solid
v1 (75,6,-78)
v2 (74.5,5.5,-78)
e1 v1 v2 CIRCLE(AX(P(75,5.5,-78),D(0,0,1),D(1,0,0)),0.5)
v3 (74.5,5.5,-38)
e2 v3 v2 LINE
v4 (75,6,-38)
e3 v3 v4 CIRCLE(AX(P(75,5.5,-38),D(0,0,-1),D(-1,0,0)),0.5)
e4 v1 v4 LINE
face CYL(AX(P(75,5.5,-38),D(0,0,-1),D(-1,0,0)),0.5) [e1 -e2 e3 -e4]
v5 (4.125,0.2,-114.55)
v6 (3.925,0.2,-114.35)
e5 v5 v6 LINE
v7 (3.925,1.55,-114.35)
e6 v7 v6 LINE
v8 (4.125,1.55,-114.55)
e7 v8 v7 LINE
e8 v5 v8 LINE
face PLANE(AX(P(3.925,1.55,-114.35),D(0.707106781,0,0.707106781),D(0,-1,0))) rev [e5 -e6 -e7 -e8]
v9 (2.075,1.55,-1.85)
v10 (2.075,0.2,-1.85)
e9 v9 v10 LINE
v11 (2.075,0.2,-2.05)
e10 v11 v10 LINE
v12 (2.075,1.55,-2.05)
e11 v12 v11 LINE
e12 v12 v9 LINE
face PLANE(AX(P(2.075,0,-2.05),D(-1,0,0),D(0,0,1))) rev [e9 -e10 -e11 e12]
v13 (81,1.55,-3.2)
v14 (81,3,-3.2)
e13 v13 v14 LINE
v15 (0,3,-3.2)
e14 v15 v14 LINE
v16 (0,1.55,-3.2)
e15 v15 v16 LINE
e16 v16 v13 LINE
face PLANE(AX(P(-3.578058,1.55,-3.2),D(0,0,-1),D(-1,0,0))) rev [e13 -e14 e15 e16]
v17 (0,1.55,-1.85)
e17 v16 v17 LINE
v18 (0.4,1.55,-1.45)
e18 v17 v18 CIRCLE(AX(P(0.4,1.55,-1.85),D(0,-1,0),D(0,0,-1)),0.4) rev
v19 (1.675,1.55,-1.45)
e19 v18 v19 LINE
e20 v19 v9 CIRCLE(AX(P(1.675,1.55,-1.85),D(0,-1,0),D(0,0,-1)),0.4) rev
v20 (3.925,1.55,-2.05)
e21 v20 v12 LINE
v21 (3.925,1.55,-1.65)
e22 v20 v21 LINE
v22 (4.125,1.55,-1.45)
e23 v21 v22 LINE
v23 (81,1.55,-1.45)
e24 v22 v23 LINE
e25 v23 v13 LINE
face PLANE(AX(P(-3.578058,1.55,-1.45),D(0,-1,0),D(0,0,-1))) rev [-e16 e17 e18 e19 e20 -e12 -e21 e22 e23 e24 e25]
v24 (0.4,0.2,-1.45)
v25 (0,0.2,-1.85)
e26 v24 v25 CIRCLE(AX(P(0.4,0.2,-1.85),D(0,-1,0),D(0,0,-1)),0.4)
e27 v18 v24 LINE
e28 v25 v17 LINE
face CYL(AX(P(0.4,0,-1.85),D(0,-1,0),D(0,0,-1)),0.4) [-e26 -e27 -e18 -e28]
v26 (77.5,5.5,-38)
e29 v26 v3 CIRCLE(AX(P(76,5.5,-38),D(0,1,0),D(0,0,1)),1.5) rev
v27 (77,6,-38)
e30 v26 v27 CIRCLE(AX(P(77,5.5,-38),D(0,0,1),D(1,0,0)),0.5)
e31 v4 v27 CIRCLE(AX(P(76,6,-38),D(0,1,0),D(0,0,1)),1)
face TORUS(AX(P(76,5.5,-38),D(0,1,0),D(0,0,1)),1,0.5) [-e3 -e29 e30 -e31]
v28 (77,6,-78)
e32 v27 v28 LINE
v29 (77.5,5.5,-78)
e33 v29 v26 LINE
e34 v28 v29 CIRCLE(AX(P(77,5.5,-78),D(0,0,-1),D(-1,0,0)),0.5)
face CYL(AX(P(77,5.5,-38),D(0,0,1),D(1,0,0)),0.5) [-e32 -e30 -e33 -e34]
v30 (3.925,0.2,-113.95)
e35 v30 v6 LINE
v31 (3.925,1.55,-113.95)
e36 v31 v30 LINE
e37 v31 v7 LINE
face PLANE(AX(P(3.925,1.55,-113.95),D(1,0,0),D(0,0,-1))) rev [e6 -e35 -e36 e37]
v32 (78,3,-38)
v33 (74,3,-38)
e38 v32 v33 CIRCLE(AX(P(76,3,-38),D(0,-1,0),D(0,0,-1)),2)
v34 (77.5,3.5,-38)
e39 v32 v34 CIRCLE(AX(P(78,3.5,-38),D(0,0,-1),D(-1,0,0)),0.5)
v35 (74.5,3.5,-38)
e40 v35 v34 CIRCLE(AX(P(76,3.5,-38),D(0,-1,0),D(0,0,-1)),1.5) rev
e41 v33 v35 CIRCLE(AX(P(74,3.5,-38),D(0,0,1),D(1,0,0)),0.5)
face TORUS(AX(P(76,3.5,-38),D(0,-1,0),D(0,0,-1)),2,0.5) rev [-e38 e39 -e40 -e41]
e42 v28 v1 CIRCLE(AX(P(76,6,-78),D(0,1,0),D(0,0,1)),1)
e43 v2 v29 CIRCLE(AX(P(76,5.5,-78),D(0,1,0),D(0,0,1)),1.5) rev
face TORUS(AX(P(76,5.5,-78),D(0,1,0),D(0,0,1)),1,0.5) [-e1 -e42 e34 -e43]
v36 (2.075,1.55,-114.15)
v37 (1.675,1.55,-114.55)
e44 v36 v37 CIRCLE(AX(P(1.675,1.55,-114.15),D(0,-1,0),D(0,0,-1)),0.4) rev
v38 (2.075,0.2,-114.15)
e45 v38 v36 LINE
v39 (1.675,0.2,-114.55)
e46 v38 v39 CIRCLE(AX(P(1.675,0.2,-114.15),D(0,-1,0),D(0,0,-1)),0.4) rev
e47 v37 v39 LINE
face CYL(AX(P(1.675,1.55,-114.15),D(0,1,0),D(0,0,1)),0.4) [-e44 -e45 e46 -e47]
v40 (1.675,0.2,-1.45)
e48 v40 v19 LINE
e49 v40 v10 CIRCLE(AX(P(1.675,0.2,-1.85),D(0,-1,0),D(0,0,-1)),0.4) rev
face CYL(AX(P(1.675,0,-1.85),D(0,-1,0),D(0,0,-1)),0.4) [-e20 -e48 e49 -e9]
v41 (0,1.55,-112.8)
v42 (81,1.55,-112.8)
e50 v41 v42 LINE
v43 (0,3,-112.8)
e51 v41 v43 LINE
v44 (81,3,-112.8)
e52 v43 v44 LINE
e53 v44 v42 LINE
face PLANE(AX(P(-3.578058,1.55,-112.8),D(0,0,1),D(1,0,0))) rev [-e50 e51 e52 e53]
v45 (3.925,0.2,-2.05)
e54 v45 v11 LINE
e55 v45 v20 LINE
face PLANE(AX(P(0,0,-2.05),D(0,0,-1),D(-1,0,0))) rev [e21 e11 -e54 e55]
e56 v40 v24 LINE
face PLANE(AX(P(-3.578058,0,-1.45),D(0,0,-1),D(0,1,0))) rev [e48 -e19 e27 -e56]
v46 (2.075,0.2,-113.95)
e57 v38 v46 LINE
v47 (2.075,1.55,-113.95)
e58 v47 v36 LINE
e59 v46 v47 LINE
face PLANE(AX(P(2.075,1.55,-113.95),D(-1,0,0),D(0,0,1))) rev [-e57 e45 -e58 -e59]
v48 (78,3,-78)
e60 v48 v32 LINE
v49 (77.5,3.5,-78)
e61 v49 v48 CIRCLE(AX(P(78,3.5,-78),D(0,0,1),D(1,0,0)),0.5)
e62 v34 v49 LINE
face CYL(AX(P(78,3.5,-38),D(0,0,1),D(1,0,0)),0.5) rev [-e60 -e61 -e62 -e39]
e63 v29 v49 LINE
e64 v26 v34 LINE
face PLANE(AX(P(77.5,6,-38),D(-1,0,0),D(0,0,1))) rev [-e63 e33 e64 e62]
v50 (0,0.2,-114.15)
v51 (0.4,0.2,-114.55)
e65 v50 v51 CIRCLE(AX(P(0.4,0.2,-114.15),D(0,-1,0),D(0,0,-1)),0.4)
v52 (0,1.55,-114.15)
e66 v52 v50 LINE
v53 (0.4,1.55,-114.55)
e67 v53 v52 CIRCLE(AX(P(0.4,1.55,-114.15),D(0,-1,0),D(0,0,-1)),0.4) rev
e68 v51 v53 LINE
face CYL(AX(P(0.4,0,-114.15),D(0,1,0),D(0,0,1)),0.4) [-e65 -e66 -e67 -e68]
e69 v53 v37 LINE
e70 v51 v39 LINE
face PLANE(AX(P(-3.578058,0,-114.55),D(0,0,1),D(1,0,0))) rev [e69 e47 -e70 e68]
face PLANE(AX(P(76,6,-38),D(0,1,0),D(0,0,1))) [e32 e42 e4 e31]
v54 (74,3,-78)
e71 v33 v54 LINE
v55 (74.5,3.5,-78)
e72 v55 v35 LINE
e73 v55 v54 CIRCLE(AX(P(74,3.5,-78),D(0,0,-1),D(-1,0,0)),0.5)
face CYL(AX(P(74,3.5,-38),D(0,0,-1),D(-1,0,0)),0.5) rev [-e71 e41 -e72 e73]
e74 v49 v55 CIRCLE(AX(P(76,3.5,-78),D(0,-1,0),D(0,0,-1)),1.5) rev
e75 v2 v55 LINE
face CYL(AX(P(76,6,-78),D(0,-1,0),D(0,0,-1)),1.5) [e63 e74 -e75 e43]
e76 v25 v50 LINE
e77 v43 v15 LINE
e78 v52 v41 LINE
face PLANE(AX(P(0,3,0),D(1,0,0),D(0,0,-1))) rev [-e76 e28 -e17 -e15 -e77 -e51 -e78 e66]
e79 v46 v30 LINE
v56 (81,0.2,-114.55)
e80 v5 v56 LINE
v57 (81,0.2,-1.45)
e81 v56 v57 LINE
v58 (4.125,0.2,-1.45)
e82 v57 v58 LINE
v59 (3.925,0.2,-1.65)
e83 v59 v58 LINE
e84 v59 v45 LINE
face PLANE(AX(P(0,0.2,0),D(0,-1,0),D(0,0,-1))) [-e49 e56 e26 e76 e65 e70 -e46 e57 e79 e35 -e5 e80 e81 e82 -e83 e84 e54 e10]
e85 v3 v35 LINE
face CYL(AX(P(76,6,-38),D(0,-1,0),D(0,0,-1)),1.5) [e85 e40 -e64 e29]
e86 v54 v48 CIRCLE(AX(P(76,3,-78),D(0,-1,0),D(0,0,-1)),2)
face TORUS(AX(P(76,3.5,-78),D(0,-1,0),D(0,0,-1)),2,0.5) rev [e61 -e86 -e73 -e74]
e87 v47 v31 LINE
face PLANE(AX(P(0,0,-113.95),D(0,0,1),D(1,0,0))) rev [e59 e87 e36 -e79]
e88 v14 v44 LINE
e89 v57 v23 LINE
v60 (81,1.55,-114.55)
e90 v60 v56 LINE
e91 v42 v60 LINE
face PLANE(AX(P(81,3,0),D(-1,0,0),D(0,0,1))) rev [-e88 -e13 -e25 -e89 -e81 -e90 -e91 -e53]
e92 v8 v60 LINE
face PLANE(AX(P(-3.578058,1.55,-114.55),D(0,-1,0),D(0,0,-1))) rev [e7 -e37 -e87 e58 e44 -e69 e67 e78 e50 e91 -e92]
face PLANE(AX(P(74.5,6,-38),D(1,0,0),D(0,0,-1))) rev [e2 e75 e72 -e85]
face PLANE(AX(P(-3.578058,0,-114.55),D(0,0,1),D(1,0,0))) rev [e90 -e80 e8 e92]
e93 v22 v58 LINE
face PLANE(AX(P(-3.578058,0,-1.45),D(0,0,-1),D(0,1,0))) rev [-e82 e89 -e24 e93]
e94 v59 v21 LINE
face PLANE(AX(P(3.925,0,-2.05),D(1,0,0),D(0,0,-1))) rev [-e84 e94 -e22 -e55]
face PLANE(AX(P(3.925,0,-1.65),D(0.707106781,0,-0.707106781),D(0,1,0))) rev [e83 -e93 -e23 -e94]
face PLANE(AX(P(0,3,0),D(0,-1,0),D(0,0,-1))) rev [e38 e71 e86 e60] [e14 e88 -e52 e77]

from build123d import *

# Parameters (mm, degrees)
SKETCH1_W           = 81
SKETCH1_H           = 116
BOSS_EXTRUDE1_DEPTH = 3
CUT_EXTRUDE2_DEPTH  = 81
CUT_EXTRUDE3_DEPTH  = 81
SKETCH6_W           = 1.85
SKETCH6_H           = 1.55
CUT_EXTRUDE5_DEPTH  = 0.6
FILLET6_R           = 0.4
CHAMFER2_SIZE       = 0.2
SKETCH7_W           = 1.85
SKETCH7_H           = 1.55
CUT_EXTRUDE6_DEPTH  = 0.6
FILLET7_R           = 0.4
CHAMFER3_SIZE       = 0.2
SKETCH10_W          = 81
SKETCH10_H          = 113.1
CUT_EXTRUDE7_DEPTH  = 0.2
FILLET8_R           = 0.4
BOSS_EXTRUDE2_DEPTH = 3
FILLET10_R          = 0.5


with BuildPart() as part:
    # Sketch1 → Boss-Extrude1 (new body)
    with BuildSketch(Plane(origin=(0, 0, 0), x_dir=(1, 0, 0), z_dir=(0, 1, 0))):
        with Locations((40.5, 58)):
            Rectangle(SKETCH1_W, SKETCH1_H)
    extrude(amount=BOSS_EXTRUDE1_DEPTH)

    # Sketch2 → Cut-Extrude2 (cut)
    with BuildSketch(Plane(origin=(81, 0, 0), x_dir=(0, 0, -1), z_dir=(1, 0, 0))):
        Polygon((0, 3), (3, 3), (3, 1.75), (1.25, 1.75), (1.25, 0), (0, 0), align=None)
        Polygon((114.75, 0), (116, 0), (116, 3), (113, 3), (113, 1.75), (114.75, 1.75), align=None)
    extrude(amount=-CUT_EXTRUDE2_DEPTH, mode=Mode.SUBTRACT)

    # Sketch4 → Cut-Extrude3 (cut)
    with BuildSketch(Plane(origin=(81, 0, 0), x_dir=(0, 0, -1), z_dir=(1, 0, 0))):
        Polygon((3.2, 3), (3, 3), (3, 1.75), (1.25, 1.75), (1.25, 0), (1.45, 0), (1.45, 1.55), (3.2, 1.55), align=None)
        Polygon((114.75, 0), (114.55, 0), (114.55, 1.55), (112.8, 1.55), (112.8, 3), (113, 3), (113, 1.75), (114.75, 1.75), align=None)
    extrude(amount=-CUT_EXTRUDE3_DEPTH, mode=Mode.SUBTRACT)

    # Sketch6 → Cut-Extrude5 (cut)
    with BuildSketch(Plane.XY.offset(-1.45)):
        with Locations((3, 0.775)):
            Rectangle(SKETCH6_W, SKETCH6_H)
    extrude(amount=-CUT_EXTRUDE5_DEPTH, mode=Mode.SUBTRACT)

    # Fillet6
    fillet6_edges = [part.edges().sort_by_distance(p)[0] for p in [
        (2.075, 0.775, -1.45),
    ]]
    fillet(fillet6_edges, radius=FILLET6_R)

    # Chamfer2
    chamfer2_edges = [part.edges().sort_by_distance(p)[0] for p in [
        (3.925, 0.775, -1.45),
    ]]
    chamfer(chamfer2_edges, length=CHAMFER2_SIZE)

    # Sketch7 → Cut-Extrude6 (cut)
    with BuildSketch(Plane(origin=(0, 0, -114.55), x_dir=(-1, 0, 0), z_dir=(0, 0, -1))):
        with Locations((-3, 0.775)):
            Rectangle(SKETCH7_W, SKETCH7_H)
    extrude(amount=-CUT_EXTRUDE6_DEPTH, mode=Mode.SUBTRACT)

    # Fillet7
    fillet7_edges = [part.edges().sort_by_distance(p)[0] for p in [
        (2.075, 0.775, -114.55),
    ]]
    fillet(fillet7_edges, radius=FILLET7_R)

    # Chamfer3
    chamfer3_edges = [part.edges().sort_by_distance(p)[0] for p in [
        (3.925, 0.775, -114.55),
    ]]
    chamfer(chamfer3_edges, length=CHAMFER3_SIZE)

    # Sketch10 → Cut-Extrude7 (cut)
    with BuildSketch(Plane(origin=(0, 0, 0), x_dir=(-1, 0, 0), z_dir=(0, -1, 0))):
        with Locations((-40.5, 58)):
            Rectangle(SKETCH10_W, SKETCH10_H)
    extrude(amount=-CUT_EXTRUDE7_DEPTH, mode=Mode.SUBTRACT)

    # Fillet8
    fillet8_edges = [part.edges().sort_by_distance(p)[0] for p in [
        (0, 0.875, -114.55),
        (0, 0.875, -1.45),
    ]]
    fillet(fillet8_edges, radius=FILLET8_R)

    # Sketch9 → Boss-Extrude2 (add)
    with BuildSketch(Plane(origin=(0, 3, 0), x_dir=(1, 0, 0), z_dir=(0, 1, 0))):
        with BuildLine():
            Line((74.5, 38), (74.5, 78))
            ThreePointArc((74.5, 78), (76, 79.5), (77.5, 78))
            Line((77.5, 78), (77.5, 38))
            ThreePointArc((77.5, 38), (76, 36.5), (74.5, 38))
        make_face()
    extrude(amount=BOSS_EXTRUDE2_DEPTH)

    # Fillet10
    fillet10_edges = [part.edges().sort_by_distance(p)[0] for p in [
        (76, 3, -36.5),
        (77.5, 3, -58),
        (76, 3, -79.5),
        (74.5, 3, -58),
        (76, 6, -36.5),
        (77.5, 6, -58),
        (76, 6, -79.5),
        (74.5, 6, -58),
    ]]
    fillet(fillet10_edges, radius=FILLET10_R)


solid = part.part
